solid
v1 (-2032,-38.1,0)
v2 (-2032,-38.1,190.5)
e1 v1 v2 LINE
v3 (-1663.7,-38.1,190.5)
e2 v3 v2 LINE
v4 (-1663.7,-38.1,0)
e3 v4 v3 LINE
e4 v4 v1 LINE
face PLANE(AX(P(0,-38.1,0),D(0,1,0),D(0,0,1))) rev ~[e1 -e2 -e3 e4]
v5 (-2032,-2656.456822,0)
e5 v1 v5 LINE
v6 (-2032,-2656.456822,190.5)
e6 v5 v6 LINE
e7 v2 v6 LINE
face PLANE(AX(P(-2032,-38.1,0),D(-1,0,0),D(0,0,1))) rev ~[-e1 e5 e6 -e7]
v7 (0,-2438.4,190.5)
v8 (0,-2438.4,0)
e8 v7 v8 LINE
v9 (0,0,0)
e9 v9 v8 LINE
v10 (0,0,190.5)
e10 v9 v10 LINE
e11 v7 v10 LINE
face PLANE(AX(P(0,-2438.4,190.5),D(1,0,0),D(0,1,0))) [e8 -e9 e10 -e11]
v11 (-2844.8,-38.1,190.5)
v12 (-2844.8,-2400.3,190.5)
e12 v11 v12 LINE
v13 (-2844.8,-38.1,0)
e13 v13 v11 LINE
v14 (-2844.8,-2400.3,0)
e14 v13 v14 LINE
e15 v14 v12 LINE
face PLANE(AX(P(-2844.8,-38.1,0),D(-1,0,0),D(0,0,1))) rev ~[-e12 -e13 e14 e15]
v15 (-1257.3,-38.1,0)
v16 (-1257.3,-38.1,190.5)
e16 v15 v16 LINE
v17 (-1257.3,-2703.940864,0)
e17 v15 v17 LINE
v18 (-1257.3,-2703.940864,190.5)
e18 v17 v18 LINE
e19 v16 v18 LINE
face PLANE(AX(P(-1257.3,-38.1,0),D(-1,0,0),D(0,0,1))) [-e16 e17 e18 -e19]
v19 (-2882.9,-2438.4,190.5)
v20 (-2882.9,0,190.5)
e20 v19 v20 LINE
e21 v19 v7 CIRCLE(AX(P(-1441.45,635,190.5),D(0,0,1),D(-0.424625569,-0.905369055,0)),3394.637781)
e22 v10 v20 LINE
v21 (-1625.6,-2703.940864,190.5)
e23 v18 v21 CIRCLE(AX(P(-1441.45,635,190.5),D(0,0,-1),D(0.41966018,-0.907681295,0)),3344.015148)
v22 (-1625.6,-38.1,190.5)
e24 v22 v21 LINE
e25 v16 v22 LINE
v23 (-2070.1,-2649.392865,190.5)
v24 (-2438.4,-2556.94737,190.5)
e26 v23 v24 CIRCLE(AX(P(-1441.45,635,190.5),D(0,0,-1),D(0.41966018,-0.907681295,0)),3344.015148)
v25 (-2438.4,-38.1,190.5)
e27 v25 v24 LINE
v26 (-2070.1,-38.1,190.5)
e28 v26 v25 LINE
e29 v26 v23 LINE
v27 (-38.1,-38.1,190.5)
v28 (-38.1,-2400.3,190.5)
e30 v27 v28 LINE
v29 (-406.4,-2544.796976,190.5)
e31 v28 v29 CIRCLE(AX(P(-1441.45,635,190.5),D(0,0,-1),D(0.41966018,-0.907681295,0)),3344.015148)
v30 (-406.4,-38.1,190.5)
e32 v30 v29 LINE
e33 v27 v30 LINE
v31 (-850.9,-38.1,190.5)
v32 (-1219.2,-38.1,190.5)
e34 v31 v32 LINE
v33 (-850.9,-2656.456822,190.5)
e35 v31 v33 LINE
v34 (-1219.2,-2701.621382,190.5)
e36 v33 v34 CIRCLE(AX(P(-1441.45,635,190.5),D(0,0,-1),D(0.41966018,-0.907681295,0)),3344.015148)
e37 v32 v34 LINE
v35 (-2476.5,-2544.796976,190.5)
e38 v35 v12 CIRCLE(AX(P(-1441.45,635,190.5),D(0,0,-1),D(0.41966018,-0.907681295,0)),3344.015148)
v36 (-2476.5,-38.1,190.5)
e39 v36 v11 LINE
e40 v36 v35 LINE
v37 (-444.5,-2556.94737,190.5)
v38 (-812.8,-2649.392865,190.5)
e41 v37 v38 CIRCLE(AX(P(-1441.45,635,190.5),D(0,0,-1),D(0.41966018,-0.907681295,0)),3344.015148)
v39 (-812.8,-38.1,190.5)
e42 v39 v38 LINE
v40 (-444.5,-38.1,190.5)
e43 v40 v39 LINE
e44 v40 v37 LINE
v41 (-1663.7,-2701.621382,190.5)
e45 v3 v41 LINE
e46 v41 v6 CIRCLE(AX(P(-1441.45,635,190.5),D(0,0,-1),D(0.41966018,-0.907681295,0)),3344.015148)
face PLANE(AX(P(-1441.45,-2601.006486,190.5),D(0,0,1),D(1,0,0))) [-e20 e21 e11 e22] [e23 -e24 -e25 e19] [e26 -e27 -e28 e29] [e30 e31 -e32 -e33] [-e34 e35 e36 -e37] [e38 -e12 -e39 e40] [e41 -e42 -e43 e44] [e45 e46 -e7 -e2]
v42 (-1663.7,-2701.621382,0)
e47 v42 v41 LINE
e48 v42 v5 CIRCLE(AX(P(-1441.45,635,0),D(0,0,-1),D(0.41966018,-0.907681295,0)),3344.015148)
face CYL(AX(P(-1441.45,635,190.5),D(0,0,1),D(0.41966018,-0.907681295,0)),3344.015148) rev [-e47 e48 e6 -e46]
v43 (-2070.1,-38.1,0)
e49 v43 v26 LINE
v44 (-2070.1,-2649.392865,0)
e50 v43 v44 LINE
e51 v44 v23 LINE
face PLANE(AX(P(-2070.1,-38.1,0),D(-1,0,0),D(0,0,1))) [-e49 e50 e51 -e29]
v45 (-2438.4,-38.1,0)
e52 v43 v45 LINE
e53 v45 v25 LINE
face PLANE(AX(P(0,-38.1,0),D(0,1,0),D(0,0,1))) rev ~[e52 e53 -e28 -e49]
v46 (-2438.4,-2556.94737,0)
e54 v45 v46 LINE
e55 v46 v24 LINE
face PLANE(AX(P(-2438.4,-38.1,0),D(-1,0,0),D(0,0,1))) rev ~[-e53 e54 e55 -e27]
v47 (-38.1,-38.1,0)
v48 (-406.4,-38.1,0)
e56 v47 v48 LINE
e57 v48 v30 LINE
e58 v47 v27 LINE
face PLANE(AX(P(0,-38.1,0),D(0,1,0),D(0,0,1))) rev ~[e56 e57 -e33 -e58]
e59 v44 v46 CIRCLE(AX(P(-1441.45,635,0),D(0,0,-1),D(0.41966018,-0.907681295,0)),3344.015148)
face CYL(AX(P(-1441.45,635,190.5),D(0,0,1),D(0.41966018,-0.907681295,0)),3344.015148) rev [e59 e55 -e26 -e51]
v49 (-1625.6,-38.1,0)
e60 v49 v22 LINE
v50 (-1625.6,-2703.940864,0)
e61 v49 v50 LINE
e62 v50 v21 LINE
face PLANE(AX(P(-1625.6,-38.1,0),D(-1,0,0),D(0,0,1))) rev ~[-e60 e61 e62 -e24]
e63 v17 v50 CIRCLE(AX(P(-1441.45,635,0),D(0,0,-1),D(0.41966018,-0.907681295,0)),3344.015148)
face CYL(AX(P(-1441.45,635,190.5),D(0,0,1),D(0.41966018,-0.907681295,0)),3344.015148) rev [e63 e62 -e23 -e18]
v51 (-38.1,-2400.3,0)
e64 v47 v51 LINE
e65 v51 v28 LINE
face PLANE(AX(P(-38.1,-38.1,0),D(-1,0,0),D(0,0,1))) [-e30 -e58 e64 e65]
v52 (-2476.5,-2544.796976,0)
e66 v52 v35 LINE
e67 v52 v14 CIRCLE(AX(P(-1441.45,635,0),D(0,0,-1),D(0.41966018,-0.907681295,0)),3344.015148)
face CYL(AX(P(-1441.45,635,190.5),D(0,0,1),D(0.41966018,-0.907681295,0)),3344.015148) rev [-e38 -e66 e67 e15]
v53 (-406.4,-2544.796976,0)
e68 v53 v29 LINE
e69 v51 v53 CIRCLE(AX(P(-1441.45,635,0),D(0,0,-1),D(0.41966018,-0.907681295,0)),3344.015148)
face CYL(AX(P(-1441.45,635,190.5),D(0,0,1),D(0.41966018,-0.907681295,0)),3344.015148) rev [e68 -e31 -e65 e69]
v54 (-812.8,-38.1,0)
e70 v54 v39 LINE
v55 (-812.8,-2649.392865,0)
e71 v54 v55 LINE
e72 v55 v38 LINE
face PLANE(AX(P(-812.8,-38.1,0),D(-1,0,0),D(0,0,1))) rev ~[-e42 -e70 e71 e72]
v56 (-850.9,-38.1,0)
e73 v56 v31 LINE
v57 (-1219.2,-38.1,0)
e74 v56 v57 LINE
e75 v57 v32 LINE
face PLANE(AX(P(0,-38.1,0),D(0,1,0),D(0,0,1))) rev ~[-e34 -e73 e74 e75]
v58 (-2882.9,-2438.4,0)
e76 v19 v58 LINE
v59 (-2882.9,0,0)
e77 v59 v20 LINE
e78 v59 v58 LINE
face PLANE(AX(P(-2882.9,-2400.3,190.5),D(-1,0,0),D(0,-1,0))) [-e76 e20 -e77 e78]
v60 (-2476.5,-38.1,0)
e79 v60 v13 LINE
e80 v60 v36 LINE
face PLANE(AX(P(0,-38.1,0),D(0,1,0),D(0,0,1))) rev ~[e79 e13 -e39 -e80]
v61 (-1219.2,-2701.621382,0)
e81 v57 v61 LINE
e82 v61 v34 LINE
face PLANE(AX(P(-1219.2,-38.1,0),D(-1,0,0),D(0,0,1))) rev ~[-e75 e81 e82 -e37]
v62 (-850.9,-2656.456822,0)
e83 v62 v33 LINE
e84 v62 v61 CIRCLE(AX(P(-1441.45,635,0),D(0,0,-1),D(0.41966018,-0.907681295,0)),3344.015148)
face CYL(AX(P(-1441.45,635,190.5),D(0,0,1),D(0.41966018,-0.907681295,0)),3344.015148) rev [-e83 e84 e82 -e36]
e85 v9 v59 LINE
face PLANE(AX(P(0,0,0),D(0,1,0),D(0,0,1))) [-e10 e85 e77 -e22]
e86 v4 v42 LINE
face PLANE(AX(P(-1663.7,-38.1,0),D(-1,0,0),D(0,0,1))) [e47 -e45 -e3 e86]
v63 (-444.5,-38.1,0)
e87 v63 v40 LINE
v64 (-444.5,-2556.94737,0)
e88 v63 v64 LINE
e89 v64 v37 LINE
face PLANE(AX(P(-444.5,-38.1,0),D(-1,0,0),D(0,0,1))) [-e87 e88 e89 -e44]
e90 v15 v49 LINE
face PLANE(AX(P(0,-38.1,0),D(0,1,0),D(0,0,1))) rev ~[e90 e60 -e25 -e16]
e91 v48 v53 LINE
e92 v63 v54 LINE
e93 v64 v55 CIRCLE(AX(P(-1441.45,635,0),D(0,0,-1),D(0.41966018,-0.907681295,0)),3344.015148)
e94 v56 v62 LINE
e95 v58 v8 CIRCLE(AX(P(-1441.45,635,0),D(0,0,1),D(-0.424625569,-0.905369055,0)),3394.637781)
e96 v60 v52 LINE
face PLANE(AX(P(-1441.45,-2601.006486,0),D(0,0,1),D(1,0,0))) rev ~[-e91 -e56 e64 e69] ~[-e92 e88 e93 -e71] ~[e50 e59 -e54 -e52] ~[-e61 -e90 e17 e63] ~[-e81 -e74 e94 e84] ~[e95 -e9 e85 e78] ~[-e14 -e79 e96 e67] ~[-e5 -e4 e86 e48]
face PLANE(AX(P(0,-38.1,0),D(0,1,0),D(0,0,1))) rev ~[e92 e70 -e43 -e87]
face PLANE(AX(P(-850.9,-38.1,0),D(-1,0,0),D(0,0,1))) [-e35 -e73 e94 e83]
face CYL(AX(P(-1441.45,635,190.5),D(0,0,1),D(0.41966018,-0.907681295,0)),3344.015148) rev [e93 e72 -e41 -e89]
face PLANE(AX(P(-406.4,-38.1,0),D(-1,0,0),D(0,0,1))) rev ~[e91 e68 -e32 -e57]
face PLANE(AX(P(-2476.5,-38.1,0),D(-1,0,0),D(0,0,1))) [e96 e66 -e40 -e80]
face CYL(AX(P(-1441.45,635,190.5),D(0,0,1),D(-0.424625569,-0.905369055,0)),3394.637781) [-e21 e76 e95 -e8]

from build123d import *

# Parameters (mm, degrees)
F0_W     = 38.1
F0_H     = 190.5
F1_DEPTH = 2882.9
F2_W     = 38.1
F2_H     = 190.5
F3_DEPTH = 2362.2
F4_W     = 38.1
F4_H     = 190.5
F5_DEPTH = 2362.2
F7_DEPTH = 190.5
F9_W     = 38.1
F9_H     = 190.5


with BuildPart() as f1:
    # F0 (on Right) → F1 (new body)
    with BuildSketch(Plane.YZ):
        with Locations((-19.05, 95.25)):
            Rectangle(F0_W, F0_H)
    extrude(amount=-F1_DEPTH)

    # F2 (on face) → F3 (join)
    with BuildSketch(Plane.XZ.offset(38.1)):
        with Locations((-19.05, 95.25)):
            Rectangle(F2_W, F2_H)
    extrude(amount=F3_DEPTH)

    # F4 (on face) → F5 (join, through all)
    with BuildSketch(Plane.XZ.offset(38.1)):
        with Locations((-2863.85, 95.25)):
            Rectangle(F4_W, F4_H)
    extrude(amount=F5_DEPTH)


with BuildPart() as f7:
    # F6 (on face) → F7 (new body, through all)
    with BuildSketch(Plane.XY.offset(190.5)):
        with BuildLine():
            Line((-2844.8, -2400.3), (-2882.9, -2400.3))
            Line((-2882.9, -2400.3), (-2882.9, -2438.4))
            ThreePointArc((-2882.9, -2438.4), (-1441.45, -2759.6377807507), (0, -2438.4))
            Line((0, -2438.4), (0, -2400.3))
            Line((0, -2400.3), (-38.1, -2400.3))
            ThreePointArc((-38.1, -2400.3), (-1441.45, -2709.0151483658), (-2844.8, -2400.3))
        make_face()
    extrude(amount=-F7_DEPTH)


with BuildPart() as f1_1:
    add(f1.part)

    # F8: union F7
    add(f7.part)

    # F9 (on face) → F10 (join, up to the next surface of F1)
    with BuildSketch(Plane.XZ.offset(38.1)):
        with Locations((-425.45, 95.25)):
            Rectangle(F9_W, F9_H)
        with Locations((-831.85, 95.25)):
            Rectangle(F9_W, F9_H)
        with Locations((-1238.25, 95.25)):
            Rectangle(F9_W, F9_H)
        with Locations((-1644.65, 95.25)):
            Rectangle(F9_W, F9_H)
        with Locations((-2051.05, 95.25)):
            Rectangle(F9_W, F9_H)
        with Locations((-2457.45, 95.25)):
            Rectangle(F9_W, F9_H)
    extrude(until=Until.NEXT)


solid = f1_1.part
